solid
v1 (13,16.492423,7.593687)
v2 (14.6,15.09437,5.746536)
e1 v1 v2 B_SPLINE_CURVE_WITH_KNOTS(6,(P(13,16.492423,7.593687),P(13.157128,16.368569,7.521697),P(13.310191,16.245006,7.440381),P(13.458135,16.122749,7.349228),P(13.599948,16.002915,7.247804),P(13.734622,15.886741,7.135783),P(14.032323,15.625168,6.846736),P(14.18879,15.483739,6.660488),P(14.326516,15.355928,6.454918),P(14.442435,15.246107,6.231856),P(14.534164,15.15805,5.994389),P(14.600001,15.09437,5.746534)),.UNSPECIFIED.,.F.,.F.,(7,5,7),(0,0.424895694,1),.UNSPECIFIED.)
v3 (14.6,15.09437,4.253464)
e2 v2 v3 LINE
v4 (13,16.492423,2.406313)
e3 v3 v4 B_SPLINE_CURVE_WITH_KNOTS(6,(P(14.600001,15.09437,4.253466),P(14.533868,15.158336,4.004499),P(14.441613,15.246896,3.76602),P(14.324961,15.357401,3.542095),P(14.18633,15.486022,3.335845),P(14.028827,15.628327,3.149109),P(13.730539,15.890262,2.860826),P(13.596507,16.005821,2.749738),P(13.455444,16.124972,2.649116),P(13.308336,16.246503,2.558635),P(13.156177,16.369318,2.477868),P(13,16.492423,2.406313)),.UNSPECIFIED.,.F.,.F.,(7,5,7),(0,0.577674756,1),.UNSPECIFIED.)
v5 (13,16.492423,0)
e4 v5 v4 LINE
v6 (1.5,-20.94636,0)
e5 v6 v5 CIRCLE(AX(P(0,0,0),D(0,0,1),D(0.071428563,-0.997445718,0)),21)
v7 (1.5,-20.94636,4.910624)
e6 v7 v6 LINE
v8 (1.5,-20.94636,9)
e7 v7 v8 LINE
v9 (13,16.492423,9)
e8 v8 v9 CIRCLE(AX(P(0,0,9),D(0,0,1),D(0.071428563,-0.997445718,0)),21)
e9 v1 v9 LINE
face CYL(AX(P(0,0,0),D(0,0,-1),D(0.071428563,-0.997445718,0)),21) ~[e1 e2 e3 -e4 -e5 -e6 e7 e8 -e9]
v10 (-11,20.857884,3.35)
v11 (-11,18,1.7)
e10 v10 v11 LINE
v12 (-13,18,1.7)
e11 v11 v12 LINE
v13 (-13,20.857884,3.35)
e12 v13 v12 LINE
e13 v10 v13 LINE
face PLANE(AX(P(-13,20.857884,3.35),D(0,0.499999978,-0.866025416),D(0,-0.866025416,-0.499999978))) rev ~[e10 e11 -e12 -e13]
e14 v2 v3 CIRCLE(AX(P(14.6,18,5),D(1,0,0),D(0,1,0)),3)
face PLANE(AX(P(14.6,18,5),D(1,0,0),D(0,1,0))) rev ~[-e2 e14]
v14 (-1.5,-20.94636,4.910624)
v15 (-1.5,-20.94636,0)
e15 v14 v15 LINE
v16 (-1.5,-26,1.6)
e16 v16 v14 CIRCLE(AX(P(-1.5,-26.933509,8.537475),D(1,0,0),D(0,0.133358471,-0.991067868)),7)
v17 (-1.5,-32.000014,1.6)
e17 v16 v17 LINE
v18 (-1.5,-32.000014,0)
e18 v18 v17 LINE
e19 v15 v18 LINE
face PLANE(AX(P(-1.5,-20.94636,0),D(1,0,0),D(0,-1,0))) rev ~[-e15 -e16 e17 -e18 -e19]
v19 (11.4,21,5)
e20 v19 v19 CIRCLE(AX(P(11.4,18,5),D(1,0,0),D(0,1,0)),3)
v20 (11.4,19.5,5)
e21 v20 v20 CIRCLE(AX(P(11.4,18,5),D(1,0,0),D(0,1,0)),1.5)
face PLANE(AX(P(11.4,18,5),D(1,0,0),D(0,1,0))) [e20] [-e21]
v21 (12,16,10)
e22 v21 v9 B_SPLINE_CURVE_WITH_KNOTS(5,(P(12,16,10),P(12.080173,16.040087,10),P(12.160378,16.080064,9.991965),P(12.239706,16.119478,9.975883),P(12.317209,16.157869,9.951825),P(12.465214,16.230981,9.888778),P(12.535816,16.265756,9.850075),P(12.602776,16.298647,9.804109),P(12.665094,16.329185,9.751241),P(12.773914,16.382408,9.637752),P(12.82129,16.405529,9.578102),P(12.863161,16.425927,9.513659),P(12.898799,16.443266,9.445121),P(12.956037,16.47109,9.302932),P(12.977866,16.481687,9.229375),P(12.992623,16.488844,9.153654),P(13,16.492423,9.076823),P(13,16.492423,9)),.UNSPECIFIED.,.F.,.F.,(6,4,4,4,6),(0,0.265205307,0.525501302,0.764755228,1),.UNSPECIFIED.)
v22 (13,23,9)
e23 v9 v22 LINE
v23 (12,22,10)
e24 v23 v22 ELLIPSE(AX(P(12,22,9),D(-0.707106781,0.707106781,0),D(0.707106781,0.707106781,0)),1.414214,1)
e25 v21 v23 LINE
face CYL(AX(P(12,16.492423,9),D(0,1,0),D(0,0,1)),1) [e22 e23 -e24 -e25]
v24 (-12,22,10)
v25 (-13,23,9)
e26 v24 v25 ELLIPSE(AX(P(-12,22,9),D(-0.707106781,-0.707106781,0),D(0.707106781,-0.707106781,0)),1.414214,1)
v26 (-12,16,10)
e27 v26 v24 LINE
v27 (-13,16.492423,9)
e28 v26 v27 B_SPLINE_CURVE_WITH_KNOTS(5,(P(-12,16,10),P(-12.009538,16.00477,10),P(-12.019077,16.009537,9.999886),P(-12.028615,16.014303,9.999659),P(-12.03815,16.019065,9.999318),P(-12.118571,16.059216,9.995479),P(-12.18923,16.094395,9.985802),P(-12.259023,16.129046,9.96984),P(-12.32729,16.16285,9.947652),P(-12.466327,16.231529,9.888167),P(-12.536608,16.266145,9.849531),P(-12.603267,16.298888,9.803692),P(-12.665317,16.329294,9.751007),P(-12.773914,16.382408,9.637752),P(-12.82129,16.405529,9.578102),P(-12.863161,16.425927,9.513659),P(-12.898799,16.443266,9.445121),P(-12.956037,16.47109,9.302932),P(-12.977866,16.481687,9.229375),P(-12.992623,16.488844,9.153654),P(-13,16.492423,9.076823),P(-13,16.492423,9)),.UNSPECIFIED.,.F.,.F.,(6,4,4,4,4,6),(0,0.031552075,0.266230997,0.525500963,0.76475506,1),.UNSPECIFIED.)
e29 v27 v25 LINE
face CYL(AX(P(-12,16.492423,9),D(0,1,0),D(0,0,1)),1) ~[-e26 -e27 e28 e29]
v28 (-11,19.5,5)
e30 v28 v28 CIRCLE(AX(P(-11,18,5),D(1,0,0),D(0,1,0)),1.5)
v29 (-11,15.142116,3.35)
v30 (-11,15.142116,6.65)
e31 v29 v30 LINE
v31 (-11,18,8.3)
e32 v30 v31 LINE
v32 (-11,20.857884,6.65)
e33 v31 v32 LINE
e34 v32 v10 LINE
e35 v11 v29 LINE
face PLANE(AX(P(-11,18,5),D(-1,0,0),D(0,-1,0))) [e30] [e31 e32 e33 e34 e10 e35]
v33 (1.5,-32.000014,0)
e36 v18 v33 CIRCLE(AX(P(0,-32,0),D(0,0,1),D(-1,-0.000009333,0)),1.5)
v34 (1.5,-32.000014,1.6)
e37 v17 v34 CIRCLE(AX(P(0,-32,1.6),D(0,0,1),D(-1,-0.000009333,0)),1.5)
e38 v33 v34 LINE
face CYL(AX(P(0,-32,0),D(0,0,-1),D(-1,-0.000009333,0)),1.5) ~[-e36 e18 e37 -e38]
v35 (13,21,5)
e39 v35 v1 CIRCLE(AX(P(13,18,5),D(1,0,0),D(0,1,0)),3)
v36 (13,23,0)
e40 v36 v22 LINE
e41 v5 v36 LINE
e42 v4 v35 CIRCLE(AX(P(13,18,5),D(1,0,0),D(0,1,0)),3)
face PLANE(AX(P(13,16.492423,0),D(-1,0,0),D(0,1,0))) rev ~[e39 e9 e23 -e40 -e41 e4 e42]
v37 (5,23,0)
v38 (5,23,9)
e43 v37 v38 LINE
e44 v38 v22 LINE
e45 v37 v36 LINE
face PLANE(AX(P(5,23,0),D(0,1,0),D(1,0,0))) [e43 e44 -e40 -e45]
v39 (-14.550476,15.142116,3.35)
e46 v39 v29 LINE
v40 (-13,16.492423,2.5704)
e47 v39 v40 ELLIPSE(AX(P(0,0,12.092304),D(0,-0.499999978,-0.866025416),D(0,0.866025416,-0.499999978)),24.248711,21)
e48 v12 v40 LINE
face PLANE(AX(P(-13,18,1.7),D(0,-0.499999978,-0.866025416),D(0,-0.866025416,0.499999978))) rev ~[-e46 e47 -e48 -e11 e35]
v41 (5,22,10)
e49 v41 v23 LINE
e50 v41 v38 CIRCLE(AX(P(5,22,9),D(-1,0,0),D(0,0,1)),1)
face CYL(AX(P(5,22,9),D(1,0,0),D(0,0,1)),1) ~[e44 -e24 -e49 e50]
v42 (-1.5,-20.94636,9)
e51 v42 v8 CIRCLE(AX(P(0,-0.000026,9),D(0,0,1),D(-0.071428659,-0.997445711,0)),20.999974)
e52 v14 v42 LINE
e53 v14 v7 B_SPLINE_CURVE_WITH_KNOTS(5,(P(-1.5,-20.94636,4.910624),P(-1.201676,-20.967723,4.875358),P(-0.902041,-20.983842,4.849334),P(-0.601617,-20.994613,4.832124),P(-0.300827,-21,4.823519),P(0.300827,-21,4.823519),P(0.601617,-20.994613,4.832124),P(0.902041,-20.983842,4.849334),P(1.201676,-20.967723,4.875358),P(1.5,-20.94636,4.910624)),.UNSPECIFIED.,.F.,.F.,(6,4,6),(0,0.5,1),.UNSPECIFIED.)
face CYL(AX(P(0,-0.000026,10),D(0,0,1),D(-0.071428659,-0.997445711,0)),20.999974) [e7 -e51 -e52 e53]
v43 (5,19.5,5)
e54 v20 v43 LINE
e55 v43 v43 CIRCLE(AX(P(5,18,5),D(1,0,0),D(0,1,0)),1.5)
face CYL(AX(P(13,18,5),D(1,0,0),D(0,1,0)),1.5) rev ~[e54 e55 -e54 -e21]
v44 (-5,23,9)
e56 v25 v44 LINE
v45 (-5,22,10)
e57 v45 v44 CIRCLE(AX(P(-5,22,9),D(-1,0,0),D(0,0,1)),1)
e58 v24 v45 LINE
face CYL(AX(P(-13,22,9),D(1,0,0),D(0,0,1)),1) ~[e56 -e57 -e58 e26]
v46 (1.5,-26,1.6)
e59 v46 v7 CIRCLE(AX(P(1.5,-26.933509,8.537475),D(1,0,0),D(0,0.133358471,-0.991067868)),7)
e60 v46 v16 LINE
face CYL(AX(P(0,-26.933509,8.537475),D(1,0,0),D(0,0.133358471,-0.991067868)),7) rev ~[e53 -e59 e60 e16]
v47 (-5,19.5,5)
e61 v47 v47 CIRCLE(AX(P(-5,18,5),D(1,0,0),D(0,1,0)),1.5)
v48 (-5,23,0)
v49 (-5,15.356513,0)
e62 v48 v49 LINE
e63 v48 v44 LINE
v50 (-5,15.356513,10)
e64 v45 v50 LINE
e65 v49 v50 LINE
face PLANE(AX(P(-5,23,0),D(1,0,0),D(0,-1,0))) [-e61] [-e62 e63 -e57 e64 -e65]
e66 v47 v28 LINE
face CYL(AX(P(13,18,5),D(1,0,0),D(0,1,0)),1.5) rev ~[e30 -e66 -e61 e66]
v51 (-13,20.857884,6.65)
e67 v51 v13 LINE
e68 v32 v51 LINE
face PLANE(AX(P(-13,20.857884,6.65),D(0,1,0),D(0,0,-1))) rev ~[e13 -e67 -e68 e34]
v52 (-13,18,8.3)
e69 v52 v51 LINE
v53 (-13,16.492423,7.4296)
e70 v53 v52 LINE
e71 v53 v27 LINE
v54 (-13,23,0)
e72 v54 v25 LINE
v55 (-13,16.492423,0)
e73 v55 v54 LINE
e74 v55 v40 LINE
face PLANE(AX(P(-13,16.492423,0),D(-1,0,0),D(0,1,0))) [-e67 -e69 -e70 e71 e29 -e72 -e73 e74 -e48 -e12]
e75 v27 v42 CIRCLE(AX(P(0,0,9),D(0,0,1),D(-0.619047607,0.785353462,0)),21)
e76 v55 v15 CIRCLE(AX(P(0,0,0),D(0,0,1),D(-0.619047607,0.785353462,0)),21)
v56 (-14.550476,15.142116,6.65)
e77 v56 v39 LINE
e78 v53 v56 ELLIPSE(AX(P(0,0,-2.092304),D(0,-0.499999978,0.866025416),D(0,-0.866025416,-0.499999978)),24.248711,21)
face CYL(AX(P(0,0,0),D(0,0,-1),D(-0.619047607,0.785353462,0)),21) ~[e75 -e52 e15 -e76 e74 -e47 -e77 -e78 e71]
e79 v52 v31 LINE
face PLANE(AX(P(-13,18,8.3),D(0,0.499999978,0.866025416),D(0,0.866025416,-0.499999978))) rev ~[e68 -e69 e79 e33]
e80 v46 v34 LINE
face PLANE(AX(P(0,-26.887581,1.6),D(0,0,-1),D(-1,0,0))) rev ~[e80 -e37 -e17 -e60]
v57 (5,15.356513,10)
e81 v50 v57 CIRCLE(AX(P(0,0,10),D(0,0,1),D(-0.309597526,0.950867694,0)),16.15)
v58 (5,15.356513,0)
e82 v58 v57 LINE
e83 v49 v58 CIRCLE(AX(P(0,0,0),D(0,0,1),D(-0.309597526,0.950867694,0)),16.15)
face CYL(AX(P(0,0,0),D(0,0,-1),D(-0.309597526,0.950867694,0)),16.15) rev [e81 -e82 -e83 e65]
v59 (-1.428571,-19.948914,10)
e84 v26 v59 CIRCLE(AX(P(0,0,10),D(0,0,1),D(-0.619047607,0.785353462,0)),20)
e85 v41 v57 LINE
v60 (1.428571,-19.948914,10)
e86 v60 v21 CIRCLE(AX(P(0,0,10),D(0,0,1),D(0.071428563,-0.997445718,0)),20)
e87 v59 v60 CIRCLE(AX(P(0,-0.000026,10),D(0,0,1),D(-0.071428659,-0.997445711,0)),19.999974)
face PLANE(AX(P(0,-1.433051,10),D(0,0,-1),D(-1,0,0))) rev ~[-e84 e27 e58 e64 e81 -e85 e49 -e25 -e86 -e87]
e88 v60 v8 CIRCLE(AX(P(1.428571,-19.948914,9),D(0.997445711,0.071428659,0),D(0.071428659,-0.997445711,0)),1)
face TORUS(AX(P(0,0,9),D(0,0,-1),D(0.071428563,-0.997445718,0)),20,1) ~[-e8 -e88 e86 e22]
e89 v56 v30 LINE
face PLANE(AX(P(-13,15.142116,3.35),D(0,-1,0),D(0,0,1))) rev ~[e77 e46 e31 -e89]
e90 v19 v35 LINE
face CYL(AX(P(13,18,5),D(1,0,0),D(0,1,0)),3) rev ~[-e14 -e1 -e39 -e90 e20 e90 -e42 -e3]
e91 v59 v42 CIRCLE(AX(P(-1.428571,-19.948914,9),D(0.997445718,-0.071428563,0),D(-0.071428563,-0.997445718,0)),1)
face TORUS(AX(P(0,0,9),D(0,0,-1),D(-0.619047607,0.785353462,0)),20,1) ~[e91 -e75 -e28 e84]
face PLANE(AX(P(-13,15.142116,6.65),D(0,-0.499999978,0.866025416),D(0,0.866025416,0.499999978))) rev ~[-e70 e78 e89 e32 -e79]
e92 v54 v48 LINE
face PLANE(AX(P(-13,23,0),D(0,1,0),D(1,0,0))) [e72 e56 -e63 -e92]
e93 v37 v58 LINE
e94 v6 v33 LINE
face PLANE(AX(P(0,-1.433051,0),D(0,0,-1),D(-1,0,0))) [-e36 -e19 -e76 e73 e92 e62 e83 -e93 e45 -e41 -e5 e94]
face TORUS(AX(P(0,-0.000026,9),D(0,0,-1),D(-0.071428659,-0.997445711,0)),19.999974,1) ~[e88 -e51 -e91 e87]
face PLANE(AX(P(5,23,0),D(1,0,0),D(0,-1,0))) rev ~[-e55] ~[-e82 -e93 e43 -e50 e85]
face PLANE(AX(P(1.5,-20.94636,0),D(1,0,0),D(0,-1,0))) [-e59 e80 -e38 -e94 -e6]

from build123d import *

# Parameters (mm, degrees)
PAD_DEPTH            = 10
POCKET_DEPTH         = 8.4
SKETCH002_R          = 1.5
POCKET001_DEPTH      = 34.001
POCKET001_DEPTH_BACK = -8.001
SKETCH003_R          = 3
POCKET004_DEPTH      = 1.6
POCKET005_DEPTH      = 2
FILLET_R             = 1
PAD001_DEPTH         = 1.5


with BuildPart() as fillet_body:
    # Sketch → Pad (new body)
    with BuildSketch(Plane.XY):
        with BuildLine():
            ThreePointArc((-5, 15.356513), (0, -16.15), (5, 15.356513))
            Line((5, 23), (5, 15.356513))
            Line((5, 23), (13, 23))
            Line((13, 16.492423), (13, 23))
            ThreePointArc((1.5, -20.94636), (20.074315, -6.166189), (13, 16.492423))
            Line((1.5, -20.94636), (1.5, -32.000014))
            ThreePointArc((-1.5, -32.000014), (0, -33.5), (1.5, -32.000014))
            Line((-1.5, -20.94636), (-1.5, -32.000014))
            ThreePointArc((-13, 16.492423), (-20.074315, -6.166189), (-1.5, -20.94636))
            Line((-13, 16.492423), (-13, 23))
            Line((-13, 23), (-5, 23))
            Line((-5, 23), (-5, 15.356513))
        make_face()
    extrude(amount=PAD_DEPTH)

    # Sketch001 → Pocket (cut)
    with BuildSketch(Plane.XY.offset(10)):
        with BuildLine():
            ThreePointArc((-1.5, -20.94636), (0, -21), (1.5, -20.94636))
            Line((1.5, -20.94636), (1.5, -32.000014))
            ThreePointArc((-1.5, -32.000014), (0, -33.5), (1.5, -32.000014))
            Line((-1.5, -20.94636), (-1.5, -32.000014))
        make_face()
    extrude(amount=-POCKET_DEPTH, mode=Mode.SUBTRACT)

    # Sketch002 → Pocket001 (cut, two sides)
    with BuildSketch(Plane.YZ.offset(13)) as pocket001_sk:
        with Locations((18, 5)):
            Circle(SKETCH002_R)
    extrude(amount=-POCKET001_DEPTH, mode=Mode.SUBTRACT)
    extrude(pocket001_sk.sketch, amount=-POCKET001_DEPTH_BACK, mode=Mode.SUBTRACT)

    # Sketch003 → Pocket004 (cut, symmetric)
    with BuildSketch(Plane.YZ.offset(13)):
        with Locations((18, 5)):
            Circle(SKETCH003_R)
    extrude(amount=POCKET004_DEPTH, both=True, mode=Mode.SUBTRACT)

    # Sketch004 → Pocket005 (cut, symmetric)
    with BuildSketch(Plane(origin=(-13, 0, 0), x_dir=(0, -1, 0), z_dir=(-1, 0, 0))):
        Polygon((-18, 8.3), (-20.857884, 6.65), (-20.857884, 3.35), (-18, 1.7), (-15.142116, 3.35), (-15.142116, 6.65), align=None)
    extrude(amount=POCKET005_DEPTH, both=True, mode=Mode.SUBTRACT)

    # Fillet
    fillet_edges = [fillet_body.edges().sort_by_distance(p)[0] for p in [
        (-20.074315, -6.166189, 10),
        (0, -21, 10),
        (20.074315, -6.166189, 10),
        (13, 19.746211, 10),
        (9, 23, 10),
        (-9, 23, 10),
        (-13, 19.746211, 10),
    ]]
    fillet(fillet_edges, radius=FILLET_R)


with BuildPart() as fusion:
    # Sketch005 → Pad001 (new body, symmetric)
    with BuildSketch(Plane.YZ):
        with BuildLine():
            Line((-26, 1.6), (-20, 1.6))
            Line((-20, 1.6), (-20, 9.5))
            ThreePointArc((-26, 1.6), (-21.359014, 4.303682), (-20, 9.5))
        make_face()
    extrude(amount=PAD001_DEPTH, both=True)

    # Fusion: union Fillet body
    add(fillet_body.part)


solid = fusion.part
